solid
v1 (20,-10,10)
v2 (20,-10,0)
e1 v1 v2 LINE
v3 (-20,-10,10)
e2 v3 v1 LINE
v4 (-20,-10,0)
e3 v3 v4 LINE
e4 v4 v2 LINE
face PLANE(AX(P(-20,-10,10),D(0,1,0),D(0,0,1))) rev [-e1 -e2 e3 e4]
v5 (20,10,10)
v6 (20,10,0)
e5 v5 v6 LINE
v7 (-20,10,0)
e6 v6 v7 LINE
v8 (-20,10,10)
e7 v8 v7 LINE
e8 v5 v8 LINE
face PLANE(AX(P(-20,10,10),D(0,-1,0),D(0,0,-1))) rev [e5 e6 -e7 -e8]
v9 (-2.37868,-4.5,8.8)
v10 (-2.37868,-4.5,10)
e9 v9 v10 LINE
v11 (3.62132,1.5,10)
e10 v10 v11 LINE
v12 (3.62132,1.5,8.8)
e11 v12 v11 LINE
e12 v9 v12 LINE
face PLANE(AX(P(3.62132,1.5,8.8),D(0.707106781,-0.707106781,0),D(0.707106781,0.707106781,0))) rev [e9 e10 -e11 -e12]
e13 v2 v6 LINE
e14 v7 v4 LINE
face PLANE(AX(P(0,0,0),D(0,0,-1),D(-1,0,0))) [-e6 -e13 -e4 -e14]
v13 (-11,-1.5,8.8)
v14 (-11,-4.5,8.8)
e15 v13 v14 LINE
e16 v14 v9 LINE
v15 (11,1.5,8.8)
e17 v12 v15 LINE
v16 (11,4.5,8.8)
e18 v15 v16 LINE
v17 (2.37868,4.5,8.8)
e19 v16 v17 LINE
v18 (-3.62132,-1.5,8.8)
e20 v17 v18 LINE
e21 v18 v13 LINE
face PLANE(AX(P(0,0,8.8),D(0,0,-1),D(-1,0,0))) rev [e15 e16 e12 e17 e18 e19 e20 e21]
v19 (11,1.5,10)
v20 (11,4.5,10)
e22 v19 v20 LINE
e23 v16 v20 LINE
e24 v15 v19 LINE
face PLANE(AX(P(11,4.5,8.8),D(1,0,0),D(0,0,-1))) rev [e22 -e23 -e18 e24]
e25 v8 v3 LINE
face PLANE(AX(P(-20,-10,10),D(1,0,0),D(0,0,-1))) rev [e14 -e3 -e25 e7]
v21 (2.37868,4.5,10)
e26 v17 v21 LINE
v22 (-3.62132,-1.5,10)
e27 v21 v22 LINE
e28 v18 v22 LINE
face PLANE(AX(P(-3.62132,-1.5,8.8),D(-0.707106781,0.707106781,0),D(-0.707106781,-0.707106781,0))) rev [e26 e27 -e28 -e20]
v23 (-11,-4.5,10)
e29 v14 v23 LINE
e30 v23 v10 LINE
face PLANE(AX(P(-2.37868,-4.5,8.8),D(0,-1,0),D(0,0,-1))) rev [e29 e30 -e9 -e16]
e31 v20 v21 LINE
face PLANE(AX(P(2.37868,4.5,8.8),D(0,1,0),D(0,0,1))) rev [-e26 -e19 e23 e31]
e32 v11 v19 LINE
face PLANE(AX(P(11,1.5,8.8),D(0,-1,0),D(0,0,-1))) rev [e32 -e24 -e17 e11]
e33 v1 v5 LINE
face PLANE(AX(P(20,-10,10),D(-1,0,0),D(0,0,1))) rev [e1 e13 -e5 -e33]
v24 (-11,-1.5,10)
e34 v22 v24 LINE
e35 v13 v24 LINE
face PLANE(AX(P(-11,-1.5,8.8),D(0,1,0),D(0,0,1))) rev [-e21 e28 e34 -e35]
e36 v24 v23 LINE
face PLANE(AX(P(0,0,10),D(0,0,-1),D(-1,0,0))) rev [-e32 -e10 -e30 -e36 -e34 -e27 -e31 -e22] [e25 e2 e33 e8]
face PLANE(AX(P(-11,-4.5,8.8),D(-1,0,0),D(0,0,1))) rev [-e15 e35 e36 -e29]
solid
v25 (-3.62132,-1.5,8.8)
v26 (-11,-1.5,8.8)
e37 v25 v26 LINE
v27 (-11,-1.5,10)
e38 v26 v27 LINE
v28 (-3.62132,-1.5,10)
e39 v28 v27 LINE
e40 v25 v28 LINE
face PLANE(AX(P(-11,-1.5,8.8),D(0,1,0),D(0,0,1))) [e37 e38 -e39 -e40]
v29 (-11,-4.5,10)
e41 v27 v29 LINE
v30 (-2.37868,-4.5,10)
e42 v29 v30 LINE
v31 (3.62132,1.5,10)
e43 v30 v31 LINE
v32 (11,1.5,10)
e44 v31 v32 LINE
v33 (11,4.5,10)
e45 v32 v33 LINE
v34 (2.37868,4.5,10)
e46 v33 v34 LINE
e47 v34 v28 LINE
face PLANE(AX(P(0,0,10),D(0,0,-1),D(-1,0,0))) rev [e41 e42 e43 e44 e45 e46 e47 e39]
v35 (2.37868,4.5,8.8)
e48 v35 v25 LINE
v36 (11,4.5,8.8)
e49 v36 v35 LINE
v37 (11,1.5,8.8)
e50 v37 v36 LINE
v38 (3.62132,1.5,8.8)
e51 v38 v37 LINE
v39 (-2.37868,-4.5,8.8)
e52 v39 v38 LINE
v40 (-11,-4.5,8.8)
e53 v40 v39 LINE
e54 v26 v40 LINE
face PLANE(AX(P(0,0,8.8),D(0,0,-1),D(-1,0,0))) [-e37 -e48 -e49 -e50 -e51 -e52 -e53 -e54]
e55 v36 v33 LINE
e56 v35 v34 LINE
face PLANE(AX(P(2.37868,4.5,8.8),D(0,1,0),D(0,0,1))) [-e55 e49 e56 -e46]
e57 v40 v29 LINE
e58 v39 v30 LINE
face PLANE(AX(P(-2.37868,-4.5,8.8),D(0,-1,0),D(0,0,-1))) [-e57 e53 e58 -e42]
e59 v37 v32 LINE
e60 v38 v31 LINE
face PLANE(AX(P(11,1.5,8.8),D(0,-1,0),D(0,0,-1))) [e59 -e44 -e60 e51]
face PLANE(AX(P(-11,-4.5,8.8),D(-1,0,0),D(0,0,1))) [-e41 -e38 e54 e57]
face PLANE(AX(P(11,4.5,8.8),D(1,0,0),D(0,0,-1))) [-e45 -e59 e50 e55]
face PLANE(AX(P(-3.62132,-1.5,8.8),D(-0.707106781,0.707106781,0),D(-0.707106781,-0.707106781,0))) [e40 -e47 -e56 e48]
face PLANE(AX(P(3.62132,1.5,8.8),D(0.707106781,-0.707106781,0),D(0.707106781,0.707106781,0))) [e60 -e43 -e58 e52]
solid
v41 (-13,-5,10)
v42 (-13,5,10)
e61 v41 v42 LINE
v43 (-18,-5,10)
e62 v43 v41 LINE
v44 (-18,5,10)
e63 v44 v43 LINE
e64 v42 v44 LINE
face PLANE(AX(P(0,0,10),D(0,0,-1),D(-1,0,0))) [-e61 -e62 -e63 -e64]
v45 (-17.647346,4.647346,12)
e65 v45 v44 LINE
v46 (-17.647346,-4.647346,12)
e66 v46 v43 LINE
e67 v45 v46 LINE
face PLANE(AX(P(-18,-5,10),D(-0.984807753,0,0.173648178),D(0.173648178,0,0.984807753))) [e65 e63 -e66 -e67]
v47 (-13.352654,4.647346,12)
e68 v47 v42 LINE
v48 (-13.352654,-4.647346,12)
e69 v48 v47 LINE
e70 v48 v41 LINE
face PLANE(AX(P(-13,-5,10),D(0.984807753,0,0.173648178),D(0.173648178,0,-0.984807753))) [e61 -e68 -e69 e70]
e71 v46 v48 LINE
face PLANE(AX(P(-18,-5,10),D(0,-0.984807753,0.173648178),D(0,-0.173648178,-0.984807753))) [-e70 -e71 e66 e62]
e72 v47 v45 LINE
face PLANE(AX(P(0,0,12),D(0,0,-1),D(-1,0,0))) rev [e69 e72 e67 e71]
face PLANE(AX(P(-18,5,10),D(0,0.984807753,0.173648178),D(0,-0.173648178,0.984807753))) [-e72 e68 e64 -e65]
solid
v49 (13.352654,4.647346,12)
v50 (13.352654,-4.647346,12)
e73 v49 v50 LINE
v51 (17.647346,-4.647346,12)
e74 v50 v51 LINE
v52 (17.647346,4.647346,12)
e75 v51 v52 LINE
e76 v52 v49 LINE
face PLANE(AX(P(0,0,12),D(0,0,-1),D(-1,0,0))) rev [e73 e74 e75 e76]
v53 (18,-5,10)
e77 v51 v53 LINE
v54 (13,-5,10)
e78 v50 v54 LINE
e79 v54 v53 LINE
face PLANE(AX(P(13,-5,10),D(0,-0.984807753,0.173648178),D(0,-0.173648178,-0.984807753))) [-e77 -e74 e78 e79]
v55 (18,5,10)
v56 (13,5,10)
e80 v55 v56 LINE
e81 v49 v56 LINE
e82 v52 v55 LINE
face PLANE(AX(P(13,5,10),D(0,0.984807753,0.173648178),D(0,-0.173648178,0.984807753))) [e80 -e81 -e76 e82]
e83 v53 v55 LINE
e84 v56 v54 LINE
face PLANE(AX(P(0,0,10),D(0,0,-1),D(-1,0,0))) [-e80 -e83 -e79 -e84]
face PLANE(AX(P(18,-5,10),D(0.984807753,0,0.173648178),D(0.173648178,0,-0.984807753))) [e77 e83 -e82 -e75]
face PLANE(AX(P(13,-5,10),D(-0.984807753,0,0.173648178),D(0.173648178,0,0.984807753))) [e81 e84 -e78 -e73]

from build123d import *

# Parameters (mm, degrees)
SKETCH1_W                     = 40
SKETCH1_H                     = 20
BOSS_EXTRUDE1_DEPTH           = 10
CUT_EXTRUDE1_DEPTH            = 1.2
BOSS_EXTRUDE2_DEPTH           = 1.2
SKETCH3_W                     = 5
SKETCH3_H                     = 10
BOSS_EXTRUDE3_DEPTH           = 2
BOSS_EXTRUDE3_DRAFT           = 10
BOSS_EXTRUDE3_PROFILE_2_DEPTH = 2
BOSS_EXTRUDE3_PROFILE_2_DRAFT = 10


with BuildPart() as part:
    # Sketch1 → Boss-Extrude1 (new body)
    with BuildSketch(Plane.XY):
        Rectangle(SKETCH1_W, SKETCH1_H)
    extrude(amount=BOSS_EXTRUDE1_DEPTH)

    # Sketch2 → Cut-Extrude1 (cut)
    with BuildSketch(Plane.XY.offset(10)):
        Polygon((-3.621320344, -1.5), (2.378679656, 4.5), (11, 4.5), (11, 1.5), (3.621320344, 1.5), (-2.378679656, -4.5), (-11, -4.5), (-11, -1.5), align=None)
    extrude(amount=-CUT_EXTRUDE1_DEPTH, mode=Mode.SUBTRACT)


with BuildPart() as body_2:
    # Sketch2<2> → Boss-Extrude2 (new body)
    with BuildSketch(Plane.XY.offset(10)):
        Polygon((-3.621320344, -1.5), (2.378679656, 4.5), (11, 4.5), (11, 1.5), (3.621320344, 1.5), (-2.378679656, -4.5), (-11, -4.5), (-11, -1.5), align=None)
    extrude(amount=-BOSS_EXTRUDE2_DEPTH)


with BuildPart() as body_3:
    # Sketch3 → Boss-Extrude3 (with draft: the straight prism first)
    with BuildSketch(Plane.XY.offset(10)):
        with Locations((-15.5, 0)):
            Rectangle(SKETCH3_W, SKETCH3_H)
    extrude(amount=BOSS_EXTRUDE3_DEPTH)
    # Boss-Extrude3: the draft: its side faces are tilted about the plane it starts from
    boss_extrude3_sides = [body_3.faces().sort_by_distance(p)[0] for p in [
        (-15.5, -5, 11),
        (-13, 0, 11),
        (-15.5, 5, 11),
        (-18, 0, 11),
    ]]
    draft(boss_extrude3_sides, Plane.XY.offset(10), BOSS_EXTRUDE3_DRAFT)


with BuildPart() as body_4:
    # Sketch3 → Boss-Extrude3 profile 2 (with draft: the straight prism first)
    with BuildSketch(Plane.XY.offset(10)):
        with Locations((15.5, 0)):
            Rectangle(SKETCH3_W, SKETCH3_H)
    extrude(amount=BOSS_EXTRUDE3_PROFILE_2_DEPTH)
    # Boss-Extrude3 profile 2: the draft: its side faces are tilted about the plane it starts from
    boss_extrude3_profile_2_sides = [body_4.faces().sort_by_distance(p)[0] for p in [
        (15.5, -5, 11),
        (18, 0, 11),
        (15.5, 5, 11),
        (13, 0, 11),
    ]]
    draft(boss_extrude3_profile_2_sides, Plane.XY.offset(10), BOSS_EXTRUDE3_PROFILE_2_DRAFT)


solid = Compound([part.part, body_2.part, body_3.part, body_4.part])
